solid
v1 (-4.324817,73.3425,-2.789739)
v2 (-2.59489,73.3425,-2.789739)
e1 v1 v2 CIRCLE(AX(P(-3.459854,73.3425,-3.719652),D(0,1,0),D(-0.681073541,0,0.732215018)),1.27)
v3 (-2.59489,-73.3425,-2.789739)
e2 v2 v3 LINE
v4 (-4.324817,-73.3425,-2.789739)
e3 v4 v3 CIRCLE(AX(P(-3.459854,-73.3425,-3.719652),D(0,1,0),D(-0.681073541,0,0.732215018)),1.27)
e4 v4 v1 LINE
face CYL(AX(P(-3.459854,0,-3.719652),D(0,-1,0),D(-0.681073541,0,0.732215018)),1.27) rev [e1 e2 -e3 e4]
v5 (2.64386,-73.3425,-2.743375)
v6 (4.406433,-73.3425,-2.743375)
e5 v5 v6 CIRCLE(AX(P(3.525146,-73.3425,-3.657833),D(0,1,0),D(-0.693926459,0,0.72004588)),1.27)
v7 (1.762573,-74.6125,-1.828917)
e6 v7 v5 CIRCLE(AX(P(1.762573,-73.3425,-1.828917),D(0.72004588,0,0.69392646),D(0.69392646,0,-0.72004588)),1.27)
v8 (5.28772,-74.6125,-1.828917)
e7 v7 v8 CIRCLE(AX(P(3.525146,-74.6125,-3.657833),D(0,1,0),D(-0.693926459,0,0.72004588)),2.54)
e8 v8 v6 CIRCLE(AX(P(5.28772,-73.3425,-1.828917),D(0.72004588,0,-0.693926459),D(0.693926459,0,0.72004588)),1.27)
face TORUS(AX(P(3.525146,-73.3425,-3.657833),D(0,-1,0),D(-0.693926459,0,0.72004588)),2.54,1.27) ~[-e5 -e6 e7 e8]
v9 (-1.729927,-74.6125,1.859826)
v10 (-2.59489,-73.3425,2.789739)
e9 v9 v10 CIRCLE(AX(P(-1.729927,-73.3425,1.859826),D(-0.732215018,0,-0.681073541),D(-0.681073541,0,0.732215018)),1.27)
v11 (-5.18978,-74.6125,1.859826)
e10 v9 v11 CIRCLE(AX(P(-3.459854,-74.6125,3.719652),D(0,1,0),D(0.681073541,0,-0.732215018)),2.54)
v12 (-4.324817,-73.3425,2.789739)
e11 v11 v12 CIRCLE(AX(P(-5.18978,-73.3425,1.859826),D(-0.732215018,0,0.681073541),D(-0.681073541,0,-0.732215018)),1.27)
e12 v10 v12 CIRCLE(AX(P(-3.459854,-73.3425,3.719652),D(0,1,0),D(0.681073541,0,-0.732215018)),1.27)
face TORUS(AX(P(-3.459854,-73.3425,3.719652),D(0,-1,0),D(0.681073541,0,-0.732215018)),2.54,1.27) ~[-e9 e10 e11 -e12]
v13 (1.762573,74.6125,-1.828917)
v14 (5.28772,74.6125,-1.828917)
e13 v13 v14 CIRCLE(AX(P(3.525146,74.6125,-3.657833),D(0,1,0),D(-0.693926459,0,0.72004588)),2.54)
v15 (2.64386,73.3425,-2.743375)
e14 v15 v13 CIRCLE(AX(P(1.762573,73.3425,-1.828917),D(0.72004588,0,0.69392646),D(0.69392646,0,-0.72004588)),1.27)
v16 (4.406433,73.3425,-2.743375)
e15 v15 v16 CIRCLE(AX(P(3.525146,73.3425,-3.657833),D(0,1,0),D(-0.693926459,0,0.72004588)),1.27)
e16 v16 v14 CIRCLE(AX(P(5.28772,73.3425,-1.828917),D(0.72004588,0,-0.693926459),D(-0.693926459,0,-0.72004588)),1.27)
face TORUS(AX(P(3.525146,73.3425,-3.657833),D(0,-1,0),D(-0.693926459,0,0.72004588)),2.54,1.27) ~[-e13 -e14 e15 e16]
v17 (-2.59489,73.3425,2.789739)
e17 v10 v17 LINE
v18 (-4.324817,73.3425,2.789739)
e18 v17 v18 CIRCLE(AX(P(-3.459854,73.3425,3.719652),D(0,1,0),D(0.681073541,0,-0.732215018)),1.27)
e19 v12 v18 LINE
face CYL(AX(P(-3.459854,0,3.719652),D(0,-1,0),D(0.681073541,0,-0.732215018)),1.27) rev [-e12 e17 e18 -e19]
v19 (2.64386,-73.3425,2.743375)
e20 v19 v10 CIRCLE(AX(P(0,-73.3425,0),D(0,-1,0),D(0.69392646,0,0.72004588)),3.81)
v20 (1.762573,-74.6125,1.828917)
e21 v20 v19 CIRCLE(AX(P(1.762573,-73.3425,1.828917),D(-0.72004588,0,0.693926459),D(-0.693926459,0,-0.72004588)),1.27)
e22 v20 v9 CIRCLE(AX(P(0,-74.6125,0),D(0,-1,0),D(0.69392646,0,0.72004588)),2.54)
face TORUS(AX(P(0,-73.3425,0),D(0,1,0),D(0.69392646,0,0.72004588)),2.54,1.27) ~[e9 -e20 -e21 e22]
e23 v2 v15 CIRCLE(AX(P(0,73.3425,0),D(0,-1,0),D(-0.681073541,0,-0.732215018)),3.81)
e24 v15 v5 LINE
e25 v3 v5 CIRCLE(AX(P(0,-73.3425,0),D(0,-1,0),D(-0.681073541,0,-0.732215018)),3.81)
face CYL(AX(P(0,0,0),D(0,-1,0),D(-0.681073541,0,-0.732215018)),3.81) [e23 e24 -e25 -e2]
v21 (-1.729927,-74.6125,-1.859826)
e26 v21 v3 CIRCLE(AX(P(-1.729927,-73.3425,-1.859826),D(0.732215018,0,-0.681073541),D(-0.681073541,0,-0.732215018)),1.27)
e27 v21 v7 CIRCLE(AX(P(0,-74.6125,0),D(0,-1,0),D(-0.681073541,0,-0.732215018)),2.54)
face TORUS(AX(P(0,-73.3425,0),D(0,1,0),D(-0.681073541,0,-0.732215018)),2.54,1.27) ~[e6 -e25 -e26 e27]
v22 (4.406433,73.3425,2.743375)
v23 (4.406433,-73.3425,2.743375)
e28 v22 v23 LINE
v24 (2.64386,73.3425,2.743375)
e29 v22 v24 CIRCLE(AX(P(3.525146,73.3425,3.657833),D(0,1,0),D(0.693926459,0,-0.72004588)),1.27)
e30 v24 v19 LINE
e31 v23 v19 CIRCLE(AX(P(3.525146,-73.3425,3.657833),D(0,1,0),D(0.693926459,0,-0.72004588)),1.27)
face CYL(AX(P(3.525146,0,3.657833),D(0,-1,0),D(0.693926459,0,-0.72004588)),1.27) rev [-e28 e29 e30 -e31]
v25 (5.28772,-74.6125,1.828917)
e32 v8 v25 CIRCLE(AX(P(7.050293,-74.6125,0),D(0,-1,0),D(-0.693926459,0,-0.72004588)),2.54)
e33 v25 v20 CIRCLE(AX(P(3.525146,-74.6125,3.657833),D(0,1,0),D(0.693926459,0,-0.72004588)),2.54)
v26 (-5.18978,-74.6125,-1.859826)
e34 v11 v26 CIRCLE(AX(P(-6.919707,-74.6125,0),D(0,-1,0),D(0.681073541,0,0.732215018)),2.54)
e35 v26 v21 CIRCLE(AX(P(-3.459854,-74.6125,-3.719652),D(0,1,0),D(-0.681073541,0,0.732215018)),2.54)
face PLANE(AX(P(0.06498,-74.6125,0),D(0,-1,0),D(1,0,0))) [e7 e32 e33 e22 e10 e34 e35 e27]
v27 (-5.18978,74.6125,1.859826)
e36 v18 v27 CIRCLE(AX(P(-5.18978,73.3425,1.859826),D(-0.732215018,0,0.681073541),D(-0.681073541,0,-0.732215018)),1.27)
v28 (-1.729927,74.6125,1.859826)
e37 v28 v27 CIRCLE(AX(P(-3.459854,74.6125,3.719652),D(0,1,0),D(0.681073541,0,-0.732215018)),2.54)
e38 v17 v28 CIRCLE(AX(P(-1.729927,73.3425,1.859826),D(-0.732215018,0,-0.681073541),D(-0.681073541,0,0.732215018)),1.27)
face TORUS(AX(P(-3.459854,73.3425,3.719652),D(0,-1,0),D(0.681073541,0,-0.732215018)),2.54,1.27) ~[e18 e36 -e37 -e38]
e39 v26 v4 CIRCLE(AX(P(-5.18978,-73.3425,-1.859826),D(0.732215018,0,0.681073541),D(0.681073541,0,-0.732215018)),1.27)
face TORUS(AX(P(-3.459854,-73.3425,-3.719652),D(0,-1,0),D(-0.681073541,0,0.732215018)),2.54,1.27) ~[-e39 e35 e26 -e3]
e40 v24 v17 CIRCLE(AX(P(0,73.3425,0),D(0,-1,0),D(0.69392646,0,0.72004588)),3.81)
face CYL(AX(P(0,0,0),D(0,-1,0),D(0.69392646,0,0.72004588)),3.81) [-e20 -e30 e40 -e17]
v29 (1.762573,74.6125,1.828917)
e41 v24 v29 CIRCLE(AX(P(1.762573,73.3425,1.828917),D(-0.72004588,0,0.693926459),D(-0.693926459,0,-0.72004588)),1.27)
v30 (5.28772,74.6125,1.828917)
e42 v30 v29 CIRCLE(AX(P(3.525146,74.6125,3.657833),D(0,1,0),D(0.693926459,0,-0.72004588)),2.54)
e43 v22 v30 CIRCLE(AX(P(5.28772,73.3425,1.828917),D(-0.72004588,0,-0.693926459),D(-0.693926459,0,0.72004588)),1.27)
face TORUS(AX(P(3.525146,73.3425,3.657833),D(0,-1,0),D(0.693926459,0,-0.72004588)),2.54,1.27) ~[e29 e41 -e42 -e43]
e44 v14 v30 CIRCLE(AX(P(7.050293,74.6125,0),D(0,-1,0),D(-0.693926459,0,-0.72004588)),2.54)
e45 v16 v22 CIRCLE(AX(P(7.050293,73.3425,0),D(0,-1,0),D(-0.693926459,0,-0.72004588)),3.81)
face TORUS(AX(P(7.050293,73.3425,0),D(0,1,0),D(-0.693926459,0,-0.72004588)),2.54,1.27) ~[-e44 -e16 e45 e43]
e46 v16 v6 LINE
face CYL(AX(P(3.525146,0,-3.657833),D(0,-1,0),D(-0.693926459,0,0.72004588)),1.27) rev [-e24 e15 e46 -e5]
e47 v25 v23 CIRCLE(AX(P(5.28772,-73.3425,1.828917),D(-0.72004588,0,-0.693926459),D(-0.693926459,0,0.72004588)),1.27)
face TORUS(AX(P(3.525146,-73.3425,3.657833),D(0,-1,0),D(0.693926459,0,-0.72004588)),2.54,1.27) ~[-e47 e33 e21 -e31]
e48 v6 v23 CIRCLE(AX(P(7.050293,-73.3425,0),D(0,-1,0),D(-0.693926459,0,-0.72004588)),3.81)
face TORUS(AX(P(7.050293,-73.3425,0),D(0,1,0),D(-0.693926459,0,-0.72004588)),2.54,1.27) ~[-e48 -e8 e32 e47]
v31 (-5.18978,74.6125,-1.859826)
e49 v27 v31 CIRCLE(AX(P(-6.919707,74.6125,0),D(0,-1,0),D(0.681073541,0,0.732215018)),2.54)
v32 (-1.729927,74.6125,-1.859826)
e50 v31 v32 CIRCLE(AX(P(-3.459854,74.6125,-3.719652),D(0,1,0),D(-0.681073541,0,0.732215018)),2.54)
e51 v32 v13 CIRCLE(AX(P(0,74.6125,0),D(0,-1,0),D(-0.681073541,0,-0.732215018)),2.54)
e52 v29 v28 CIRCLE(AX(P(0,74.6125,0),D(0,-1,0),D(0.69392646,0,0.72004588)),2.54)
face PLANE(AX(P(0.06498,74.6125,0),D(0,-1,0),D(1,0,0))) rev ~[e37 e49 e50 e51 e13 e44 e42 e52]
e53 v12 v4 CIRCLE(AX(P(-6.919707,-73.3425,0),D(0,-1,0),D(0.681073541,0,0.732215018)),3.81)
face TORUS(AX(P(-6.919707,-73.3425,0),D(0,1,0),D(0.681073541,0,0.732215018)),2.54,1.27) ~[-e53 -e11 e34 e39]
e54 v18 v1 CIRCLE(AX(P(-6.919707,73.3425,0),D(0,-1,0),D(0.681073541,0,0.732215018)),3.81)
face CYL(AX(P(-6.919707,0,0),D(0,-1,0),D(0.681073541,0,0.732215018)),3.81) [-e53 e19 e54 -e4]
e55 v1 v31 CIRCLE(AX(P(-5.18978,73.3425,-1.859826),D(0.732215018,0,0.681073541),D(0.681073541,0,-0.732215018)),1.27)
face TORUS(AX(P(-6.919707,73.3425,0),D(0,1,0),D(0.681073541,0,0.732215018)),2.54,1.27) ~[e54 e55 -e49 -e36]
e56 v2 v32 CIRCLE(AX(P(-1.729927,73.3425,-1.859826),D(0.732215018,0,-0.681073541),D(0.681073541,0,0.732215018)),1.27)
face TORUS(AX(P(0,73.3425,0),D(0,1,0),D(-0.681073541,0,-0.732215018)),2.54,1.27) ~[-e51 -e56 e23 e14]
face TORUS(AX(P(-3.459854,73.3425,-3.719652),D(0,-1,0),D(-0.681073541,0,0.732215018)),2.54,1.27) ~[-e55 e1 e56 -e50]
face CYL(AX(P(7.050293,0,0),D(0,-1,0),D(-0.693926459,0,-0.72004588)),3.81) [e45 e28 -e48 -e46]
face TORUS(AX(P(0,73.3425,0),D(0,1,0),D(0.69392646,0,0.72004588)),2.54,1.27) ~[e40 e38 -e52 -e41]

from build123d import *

# Parameters (mm, degrees)
F1_DEPTH = 74.6125
F2_R     = 1.27


with BuildPart() as f1:
    # F0 (on Front) → F1 (new body, symmetric)
    with BuildSketch(Plane.XZ):
        with BuildLine():
            ThreePointArc((-4.3248169823, -2.7897392181), (-3.4598535858, -2.4496522908), (-2.5948901894, -2.7897392181))
            ThreePointArc((-2.5948901894, -2.7897392181), (0.0337182552, -3.8098507949), (2.6438598106, -2.7433748015))
            ThreePointArc((2.6438598106, -2.7433748015), (3.5251464142, -2.3878330687), (4.4064330177, -2.7433748015))
            ThreePointArc((4.4064330177, -2.7433748015), (10.8602928284, 0), (4.4064330177, 2.7433748015))
            ThreePointArc((4.4064330177, 2.7433748015), (3.5251464142, 2.3878330687), (2.6438598106, 2.7433748015))
            ThreePointArc((2.6438598106, 2.7433748015), (0.0337182552, 3.8098507949), (-2.5948901894, 2.7897392181))
            ThreePointArc((-2.5948901894, 2.7897392181), (-3.4598535858, 2.4496522908), (-4.3248169823, 2.7897392181))
            ThreePointArc((-4.3248169823, 2.7897392181), (-10.7297071716, 0), (-4.3248169823, -2.7897392181))
        make_face()
    extrude(amount=F1_DEPTH, both=True)

    # F2
    f2_edges = [f1.edges().sort_by_distance(p)[0] for p in [
        (0.033718, -74.6125, -3.809851),
        (10.860293, 74.6125, 0),
    ]]
    fillet(f2_edges, radius=F2_R)


solid = f1.part
